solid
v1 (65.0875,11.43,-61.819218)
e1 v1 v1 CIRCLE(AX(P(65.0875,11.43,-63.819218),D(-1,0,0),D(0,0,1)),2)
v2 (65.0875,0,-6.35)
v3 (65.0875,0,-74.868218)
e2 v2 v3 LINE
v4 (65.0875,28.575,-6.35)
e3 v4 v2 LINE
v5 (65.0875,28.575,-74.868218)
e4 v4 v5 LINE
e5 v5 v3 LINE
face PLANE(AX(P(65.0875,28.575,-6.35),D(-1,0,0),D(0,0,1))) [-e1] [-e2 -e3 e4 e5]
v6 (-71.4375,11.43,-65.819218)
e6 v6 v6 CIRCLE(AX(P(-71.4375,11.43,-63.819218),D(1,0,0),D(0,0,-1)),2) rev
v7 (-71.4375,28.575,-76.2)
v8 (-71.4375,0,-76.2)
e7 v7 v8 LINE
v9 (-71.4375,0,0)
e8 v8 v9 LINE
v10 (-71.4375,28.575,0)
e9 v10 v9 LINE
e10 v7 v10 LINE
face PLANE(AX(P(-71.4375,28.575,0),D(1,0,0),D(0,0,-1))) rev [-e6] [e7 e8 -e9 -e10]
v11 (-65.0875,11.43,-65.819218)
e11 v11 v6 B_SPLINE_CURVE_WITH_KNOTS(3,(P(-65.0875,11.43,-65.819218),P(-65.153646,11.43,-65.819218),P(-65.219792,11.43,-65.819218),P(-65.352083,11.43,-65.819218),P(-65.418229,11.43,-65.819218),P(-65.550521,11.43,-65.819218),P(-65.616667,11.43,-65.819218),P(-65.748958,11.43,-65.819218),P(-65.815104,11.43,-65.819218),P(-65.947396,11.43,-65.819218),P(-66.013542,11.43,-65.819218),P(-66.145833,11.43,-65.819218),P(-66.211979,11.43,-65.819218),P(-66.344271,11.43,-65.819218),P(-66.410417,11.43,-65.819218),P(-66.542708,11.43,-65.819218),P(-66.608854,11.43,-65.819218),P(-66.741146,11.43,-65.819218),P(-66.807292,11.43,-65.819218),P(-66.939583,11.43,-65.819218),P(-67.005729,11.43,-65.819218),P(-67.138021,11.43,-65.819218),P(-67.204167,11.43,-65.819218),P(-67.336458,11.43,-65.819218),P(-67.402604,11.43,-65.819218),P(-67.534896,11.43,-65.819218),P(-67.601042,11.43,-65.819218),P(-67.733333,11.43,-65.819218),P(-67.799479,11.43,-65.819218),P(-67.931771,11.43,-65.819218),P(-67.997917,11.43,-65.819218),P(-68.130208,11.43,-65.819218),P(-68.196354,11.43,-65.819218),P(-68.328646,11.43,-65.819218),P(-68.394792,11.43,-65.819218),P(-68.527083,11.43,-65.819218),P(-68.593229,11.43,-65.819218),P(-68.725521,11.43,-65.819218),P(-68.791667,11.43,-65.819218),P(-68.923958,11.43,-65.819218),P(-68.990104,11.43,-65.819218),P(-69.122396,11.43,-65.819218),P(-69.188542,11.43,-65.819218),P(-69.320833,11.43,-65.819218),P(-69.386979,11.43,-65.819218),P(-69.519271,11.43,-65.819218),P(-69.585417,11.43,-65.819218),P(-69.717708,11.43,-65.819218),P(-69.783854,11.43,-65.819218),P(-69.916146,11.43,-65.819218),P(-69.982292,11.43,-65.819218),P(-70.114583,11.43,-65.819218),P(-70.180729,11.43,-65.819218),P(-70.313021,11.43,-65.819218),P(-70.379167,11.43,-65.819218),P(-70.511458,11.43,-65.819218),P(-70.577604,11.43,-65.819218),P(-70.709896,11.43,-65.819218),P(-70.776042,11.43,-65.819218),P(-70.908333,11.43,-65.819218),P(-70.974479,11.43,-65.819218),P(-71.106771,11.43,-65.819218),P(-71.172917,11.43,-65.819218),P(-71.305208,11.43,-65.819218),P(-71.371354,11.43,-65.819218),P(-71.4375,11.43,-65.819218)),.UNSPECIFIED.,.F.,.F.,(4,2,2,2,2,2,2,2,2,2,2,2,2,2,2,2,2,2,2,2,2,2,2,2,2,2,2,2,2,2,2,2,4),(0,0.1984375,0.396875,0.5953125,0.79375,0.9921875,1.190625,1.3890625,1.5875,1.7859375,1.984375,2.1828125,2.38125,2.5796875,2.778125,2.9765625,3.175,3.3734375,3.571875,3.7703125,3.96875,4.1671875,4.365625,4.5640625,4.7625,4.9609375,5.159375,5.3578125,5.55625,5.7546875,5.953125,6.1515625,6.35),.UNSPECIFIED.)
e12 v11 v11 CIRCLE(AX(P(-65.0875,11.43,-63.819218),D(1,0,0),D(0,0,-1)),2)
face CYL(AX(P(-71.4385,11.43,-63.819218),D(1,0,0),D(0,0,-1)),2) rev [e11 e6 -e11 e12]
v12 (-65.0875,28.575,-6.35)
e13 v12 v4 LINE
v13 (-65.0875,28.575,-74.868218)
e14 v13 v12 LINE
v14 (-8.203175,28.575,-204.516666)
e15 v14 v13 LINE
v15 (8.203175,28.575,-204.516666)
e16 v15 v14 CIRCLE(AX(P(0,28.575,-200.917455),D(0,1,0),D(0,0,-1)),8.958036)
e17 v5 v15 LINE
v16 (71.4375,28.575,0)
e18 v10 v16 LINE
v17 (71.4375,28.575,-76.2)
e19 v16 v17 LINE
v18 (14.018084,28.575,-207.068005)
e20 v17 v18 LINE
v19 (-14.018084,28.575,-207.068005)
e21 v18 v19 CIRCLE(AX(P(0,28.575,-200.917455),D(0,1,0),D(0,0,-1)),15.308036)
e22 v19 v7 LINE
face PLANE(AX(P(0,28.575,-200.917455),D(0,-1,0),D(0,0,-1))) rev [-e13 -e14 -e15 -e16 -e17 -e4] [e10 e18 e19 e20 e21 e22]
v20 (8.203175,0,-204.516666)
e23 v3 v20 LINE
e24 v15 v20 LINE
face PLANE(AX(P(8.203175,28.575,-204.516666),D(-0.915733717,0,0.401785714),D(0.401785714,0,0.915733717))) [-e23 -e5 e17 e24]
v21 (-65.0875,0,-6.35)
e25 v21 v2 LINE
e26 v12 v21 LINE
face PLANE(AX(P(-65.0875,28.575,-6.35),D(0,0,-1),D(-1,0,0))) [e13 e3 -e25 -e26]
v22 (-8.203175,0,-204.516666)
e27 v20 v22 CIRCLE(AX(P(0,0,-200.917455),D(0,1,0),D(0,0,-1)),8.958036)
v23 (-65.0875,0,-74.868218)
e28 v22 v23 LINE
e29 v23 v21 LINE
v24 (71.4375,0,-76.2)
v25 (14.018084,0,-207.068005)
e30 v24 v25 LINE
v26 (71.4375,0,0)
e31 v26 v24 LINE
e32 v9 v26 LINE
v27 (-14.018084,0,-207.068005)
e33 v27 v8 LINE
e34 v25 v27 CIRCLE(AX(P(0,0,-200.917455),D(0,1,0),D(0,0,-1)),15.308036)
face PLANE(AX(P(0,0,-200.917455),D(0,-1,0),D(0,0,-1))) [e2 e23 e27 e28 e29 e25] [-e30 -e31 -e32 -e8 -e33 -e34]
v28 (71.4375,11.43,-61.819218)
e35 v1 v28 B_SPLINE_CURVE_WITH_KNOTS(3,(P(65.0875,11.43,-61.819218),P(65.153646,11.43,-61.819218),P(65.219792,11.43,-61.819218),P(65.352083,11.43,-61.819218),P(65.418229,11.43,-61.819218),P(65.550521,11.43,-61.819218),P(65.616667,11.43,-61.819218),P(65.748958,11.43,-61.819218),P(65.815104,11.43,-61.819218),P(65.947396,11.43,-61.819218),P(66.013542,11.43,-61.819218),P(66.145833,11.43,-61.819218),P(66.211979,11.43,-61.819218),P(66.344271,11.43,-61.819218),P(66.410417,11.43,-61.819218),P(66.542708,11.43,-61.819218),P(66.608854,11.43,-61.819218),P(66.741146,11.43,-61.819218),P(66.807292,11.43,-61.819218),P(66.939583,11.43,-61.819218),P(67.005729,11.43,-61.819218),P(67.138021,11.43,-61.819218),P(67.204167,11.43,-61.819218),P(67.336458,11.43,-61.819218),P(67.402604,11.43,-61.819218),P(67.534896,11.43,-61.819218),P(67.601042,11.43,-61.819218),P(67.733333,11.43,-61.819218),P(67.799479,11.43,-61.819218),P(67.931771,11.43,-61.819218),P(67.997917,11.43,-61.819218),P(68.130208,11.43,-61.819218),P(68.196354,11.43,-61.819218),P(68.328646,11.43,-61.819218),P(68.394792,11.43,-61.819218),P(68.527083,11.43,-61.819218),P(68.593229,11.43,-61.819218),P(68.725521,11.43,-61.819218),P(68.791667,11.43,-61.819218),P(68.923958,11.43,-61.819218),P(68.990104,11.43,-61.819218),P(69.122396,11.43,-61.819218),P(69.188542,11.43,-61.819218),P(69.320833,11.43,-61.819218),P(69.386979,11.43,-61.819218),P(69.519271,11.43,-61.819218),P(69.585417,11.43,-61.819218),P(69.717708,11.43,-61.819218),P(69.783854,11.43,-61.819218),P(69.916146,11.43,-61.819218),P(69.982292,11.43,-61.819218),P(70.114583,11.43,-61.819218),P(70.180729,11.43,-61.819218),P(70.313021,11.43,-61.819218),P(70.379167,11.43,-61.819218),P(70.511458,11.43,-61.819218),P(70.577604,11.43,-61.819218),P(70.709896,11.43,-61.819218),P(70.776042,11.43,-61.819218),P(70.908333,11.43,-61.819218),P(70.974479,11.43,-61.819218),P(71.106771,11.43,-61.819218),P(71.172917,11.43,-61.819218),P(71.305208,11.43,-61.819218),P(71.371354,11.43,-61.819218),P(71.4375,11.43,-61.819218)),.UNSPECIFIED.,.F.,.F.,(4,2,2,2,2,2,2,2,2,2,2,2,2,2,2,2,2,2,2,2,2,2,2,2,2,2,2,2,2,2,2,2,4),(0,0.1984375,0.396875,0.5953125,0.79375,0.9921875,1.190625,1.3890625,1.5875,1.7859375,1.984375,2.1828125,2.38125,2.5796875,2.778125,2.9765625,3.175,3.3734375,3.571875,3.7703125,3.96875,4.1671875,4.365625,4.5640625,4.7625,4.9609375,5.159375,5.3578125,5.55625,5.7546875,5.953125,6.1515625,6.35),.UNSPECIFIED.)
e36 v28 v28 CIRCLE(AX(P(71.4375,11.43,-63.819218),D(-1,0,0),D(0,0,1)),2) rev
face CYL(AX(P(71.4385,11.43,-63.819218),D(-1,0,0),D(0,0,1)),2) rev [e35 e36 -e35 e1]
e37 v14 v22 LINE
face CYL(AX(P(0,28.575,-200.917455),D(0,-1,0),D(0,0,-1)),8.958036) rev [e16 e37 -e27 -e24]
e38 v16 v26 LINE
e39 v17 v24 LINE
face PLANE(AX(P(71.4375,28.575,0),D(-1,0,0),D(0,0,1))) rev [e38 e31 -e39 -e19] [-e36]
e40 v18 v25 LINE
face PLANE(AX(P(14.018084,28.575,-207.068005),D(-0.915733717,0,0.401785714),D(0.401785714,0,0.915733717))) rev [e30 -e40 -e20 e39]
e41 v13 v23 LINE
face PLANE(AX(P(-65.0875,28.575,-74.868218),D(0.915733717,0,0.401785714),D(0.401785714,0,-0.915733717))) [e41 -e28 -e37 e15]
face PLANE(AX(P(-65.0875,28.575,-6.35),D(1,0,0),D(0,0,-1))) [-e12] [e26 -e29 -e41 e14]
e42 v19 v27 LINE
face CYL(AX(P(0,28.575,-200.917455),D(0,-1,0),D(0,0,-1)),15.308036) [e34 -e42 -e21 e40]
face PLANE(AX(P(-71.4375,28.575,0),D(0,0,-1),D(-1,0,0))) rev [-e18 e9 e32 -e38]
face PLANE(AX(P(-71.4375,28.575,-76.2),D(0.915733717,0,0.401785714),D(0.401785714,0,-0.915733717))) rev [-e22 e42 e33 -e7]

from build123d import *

# Parameters (mm, degrees)
BOSS_EXTRUDE1_DEPTH = 28.575
CUT_EXTRUDE1_REACH  = 296.594
CUT_EXTRUDE1_START  = -65.0875
SKETCH2_R           = 2
CUT_EXTRUDE3_REACH  = 296.594
CUT_EXTRUDE3_START  = 65.0875
SKETCH2_2_R         = 2


with BuildPart() as part:
    # Sketch1 → Boss-Extrude1 (new body)
    with BuildSketch(Plane(origin=(0, 0, 0), x_dir=(1, 0, 0), z_dir=(0, 1, 0))):
        with BuildLine():
            Line((-71.4375, 0), (71.4375, 0))
            Line((71.4375, 0), (71.4375, 76.2))
            Line((71.4375, 76.2), (14.018084439, 207.068004883))
            ThreePointArc((14.018084439, 207.068004883), (0, 216.225490533), (-14.018084439, 207.068004883))
            Line((-14.018084439, 207.068004883), (-71.4375, 76.2))
            Line((-71.4375, 76.2), (-71.4375, 0))
        make_face()
        with BuildLine():
            Line((-65.0875, 6.35), (-65.0875, 74.868218206))
            Line((-65.0875, 74.868218206), (-8.203175338, 204.516665597))
            ThreePointArc((-8.203175338, 204.516665597), (0, 209.875490533), (8.203175338, 204.516665597))
            Line((8.203175338, 204.516665597), (65.0875, 74.868218206))
            Line((65.0875, 74.868218206), (65.0875, 6.35))
            Line((65.0875, 6.35), (-65.0875, 6.35))
        make_face(mode=Mode.SUBTRACT)
    extrude(amount=BOSS_EXTRUDE1_DEPTH)

    # Sketch2 → Cut-Extrude1 (cut, up to next)
    with BuildSketch(Plane(origin=(0, 0, 0), x_dir=(0, 0, -1), z_dir=(1, 0, 0)).offset(CUT_EXTRUDE1_START), mode=Mode.PRIVATE) as cut_extrude1_sk1:
        with Locations((63.819218206, 11.43)):
            Circle(SKETCH2_R)
    cut_extrude1_tool1 = extrude(cut_extrude1_sk1.sketch, amount=-CUT_EXTRUDE1_REACH, mode=Mode.PRIVATE) & part.part
    add(cut_extrude1_tool1.solids().sort_by_distance((-65.0875, 11.43, -63.819218))[0], mode=Mode.SUBTRACT)

    # Sketch2<2> → Cut-Extrude3 (cut, up to next)
    with BuildSketch(Plane(origin=(0, 0, 0), x_dir=(0, 0, -1), z_dir=(1, 0, 0)).offset(CUT_EXTRUDE3_START), mode=Mode.PRIVATE) as cut_extrude3_sk1:
        with Locations((63.819218206, 11.43)):
            Circle(SKETCH2_2_R)
    cut_extrude3_tool1 = extrude(cut_extrude3_sk1.sketch, amount=CUT_EXTRUDE3_REACH, mode=Mode.PRIVATE) & part.part
    add(cut_extrude3_tool1.solids().sort_by_distance((65.0875, 11.43, -63.819218))[0], mode=Mode.SUBTRACT)


solid = part.part
